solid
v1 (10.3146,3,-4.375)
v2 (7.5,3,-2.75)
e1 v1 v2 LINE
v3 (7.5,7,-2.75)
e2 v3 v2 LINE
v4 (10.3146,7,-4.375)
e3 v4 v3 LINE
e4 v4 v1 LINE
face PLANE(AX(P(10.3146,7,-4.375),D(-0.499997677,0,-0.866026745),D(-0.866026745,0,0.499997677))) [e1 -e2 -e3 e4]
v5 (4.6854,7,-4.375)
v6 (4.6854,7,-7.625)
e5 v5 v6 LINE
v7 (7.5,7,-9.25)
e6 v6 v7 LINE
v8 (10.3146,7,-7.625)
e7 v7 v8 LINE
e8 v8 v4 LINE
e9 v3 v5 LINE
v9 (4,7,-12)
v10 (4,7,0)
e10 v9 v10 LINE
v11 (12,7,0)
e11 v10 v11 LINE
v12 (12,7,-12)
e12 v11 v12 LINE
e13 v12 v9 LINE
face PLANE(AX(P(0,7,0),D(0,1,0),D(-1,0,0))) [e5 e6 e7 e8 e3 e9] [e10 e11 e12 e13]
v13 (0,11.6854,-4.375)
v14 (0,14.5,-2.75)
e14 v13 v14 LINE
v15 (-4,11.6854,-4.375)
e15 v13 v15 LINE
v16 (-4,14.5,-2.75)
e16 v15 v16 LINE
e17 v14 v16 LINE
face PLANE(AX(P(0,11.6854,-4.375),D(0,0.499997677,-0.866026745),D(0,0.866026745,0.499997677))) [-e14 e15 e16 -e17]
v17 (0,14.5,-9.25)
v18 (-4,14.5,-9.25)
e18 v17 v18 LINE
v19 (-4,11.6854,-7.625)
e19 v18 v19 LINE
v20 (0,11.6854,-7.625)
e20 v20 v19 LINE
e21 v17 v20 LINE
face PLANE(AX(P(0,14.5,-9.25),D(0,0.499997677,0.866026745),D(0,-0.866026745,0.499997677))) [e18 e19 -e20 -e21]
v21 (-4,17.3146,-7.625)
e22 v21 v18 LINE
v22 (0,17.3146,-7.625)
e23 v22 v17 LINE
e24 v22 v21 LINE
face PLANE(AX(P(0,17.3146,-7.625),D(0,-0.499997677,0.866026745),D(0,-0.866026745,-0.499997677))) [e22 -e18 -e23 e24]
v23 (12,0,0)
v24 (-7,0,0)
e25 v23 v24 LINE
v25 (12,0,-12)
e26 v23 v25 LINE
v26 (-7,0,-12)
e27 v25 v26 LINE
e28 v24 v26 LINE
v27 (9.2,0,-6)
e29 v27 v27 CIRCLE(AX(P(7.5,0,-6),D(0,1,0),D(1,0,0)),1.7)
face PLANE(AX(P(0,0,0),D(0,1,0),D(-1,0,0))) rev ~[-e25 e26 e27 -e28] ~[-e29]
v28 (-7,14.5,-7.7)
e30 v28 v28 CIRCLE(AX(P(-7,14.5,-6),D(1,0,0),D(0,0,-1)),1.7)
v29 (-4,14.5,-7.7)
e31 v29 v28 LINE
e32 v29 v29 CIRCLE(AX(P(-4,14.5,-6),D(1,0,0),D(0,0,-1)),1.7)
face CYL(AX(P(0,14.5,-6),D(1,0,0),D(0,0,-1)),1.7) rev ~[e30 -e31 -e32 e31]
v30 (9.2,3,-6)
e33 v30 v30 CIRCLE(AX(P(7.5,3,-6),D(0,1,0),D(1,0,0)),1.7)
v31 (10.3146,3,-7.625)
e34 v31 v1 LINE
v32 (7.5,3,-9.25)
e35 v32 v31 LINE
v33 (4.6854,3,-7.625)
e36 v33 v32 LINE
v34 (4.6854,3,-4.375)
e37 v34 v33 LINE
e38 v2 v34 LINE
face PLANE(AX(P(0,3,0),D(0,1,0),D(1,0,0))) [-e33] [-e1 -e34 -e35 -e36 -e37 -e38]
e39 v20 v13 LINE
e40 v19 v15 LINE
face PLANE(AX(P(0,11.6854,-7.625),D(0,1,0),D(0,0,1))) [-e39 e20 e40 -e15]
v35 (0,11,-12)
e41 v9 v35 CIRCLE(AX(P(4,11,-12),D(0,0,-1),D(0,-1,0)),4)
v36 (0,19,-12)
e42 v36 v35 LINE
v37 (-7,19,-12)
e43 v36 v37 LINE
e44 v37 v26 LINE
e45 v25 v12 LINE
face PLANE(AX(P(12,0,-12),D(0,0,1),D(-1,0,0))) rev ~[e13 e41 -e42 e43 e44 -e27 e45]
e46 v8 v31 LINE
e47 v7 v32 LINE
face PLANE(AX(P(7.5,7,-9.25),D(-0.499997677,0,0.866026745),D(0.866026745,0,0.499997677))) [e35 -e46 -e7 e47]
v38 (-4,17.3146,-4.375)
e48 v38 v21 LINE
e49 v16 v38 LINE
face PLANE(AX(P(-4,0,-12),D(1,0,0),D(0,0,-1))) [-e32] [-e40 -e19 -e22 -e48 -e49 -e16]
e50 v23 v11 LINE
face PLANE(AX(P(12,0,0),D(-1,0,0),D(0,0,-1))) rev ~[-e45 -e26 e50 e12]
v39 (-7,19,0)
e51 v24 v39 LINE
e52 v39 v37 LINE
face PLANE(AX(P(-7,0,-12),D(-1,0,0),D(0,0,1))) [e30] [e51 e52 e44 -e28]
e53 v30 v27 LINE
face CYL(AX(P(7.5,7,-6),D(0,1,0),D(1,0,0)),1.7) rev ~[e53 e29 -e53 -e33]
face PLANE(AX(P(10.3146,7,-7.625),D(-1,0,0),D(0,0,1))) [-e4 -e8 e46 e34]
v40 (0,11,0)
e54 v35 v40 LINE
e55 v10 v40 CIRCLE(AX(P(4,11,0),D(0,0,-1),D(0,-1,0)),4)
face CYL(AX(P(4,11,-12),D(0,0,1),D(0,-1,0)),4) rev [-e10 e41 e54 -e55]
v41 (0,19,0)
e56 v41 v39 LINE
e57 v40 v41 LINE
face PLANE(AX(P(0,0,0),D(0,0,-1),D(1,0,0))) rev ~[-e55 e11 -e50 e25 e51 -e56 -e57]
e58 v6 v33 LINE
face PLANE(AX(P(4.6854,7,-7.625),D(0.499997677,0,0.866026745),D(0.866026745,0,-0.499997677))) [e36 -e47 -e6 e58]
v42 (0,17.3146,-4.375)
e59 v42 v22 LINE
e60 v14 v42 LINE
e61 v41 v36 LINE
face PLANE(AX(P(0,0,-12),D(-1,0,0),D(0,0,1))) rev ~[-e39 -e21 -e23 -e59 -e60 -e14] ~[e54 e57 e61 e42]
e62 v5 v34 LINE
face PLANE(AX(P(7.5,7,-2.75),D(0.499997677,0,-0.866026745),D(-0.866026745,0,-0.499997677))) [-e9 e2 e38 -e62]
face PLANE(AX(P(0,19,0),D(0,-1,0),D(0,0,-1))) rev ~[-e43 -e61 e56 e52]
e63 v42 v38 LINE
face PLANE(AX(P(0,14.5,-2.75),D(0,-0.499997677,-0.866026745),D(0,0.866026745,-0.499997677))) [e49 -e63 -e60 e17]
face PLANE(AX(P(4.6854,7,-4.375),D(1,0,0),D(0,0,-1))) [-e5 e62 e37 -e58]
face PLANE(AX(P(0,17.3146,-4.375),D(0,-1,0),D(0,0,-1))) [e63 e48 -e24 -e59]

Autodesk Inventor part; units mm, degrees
ref_plane "YZ Plane" through (0, 0, 0) normal (1, 0, 0) x (0, 1, 0)
ref_plane "XZ Plane" through (0, 0, 0) normal (0, 1, 0) x (-1, 0, 0)
ref_plane "XY Plane" through (0, 0, 0) normal (0, 0, 1) x (1, 0, 0)
sketch "Sketch1" plane through (0, 0, 0) normal (0, 1, 0) x (-1, 0, 0)
  line L0 (0, 0) -> (-12, 0)
  line L1 (-12, 0) -> (-12, -12)
  line L2 (-12, -12) -> (0, -12)
  line L3 (0, -12) -> (0, 0)
  dimension "d0" = 12
  dimension "d1" = 12
extrude "Extrusion1" add sketch "Sketch1" along normal blind 7
sketch "Sketch2" plane through (0, 0, -12) normal (-1, 0, 0) x (0, 0, 1)
  line L0 (12, 0) -> (0, 0) projected
  line L1 (0, 0) -> (12, 0)
  line L2 (12, 0) -> (12, 19)
  line L3 (12, 19) -> (0, 19)
  line L4 (0, 19) -> (0, 0)
  dimension "d4" = 12
  dimension "d5" = 19
extrude "Extrusion2" add sketch "Sketch2" along normal blind 7
sketch "Sketch3" plane through (0, 0, -12) normal (1, 0, 0) x (0, 0, -1)
  circle A0 centre (-6, 14.5) radius 3.25 construction
  line L0 (-12, 19) -> (0, 19) construction
  line L1 (-12, 7) -> (-12, 19) construction
  line L2 (-2.75, 14.5) -> (-4.375, 11.6854)
  line L3 (-4.375, 11.6854) -> (-7.625, 11.6854)
  line L4 (-7.625, 11.6854) -> (-9.25, 14.5)
  line L5 (-9.25, 14.5) -> (-7.625, 17.3146)
  line L6 (-7.625, 17.3146) -> (-4.375, 17.3146)
  line L7 (-4.375, 17.3146) -> (-2.75, 14.5)
  point P0 (-12, 0)
  dimension "d8" = 6.5
  dimension "d9" = 4.5
  dimension "d10" = 6
extrude "Extrusion3" cut sketch "Sketch3" against normal blind 4
sketch "Sketch4" plane through (0, 7, 0) normal (0, 1, 0) x (1, 0, 0)
  circle A0 centre (7.5, 6) radius 3.25 construction
  line L0 (12, 0) -> (12, 12) construction
  line L1 (12, 12) -> (0, 12) construction
  line L2 (0, 0) -> (12, 0) construction
  line L3 (7.5, 9.25) -> (10.3146, 7.625)
  line L4 (10.3146, 7.625) -> (10.3146, 4.375)
  line L5 (10.3146, 4.375) -> (7.5, 2.75)
  line L6 (7.5, 2.75) -> (4.6854, 4.375)
  line L7 (4.6854, 4.375) -> (4.6854, 7.625)
  line L8 (4.6854, 7.625) -> (7.5, 9.25)
  dimension "d13" = 6.5
  dimension "d14" = 4.5
  dimension "d15" = 6
  dimension "d16" = 12
extrude "Extrusion4" cut sketch "Sketch4" against normal blind 4
fillet "Fillet1" radius 4 1 edges at (0, 7, -6)
sketch "Sketch7" plane through (0, 0, -12) normal (1, 0, 0) x (0, 0, -1)
  line L0 (-9.25, 14.5) -> (-7.625, 17.3146) construction
  line L1 (-4.375, 17.3146) -> (-2.75, 14.5) construction
  line L2 (-9.25, 14.5) -> (-2.75, 14.5) construction
  line L3 (-7.625, 17.3146) -> (-4.375, 17.3146) construction
  line L4 (-4.375, 11.6854) -> (-7.625, 11.6854) construction
  line L5 (-4.375, 17.3146) -> (-7.625, 11.6854) construction
  circle A0 centre (-6, 14.5) radius 1.7
  point P0 (-12, 0)
  dimension "d24" = 3.4
extrude "Extrusion7" cut sketch "Sketch7" against normal through all
sketch "Sketch8" plane through (0, 7, 0) normal (0, 1, 0) x (1, 0, 0)
  line L0 (7.5, 9.25) -> (10.3146, 7.625) construction
  line L1 (4.6854, 4.375) -> (4.6854, 7.625) construction
  line L2 (10.3146, 7.625) -> (4.6854, 4.375) construction
  line L3 (4.6854, 7.625) -> (7.5, 9.25) construction
  line L4 (10.3146, 7.625) -> (10.3146, 4.375) construction
  line L5 (4.6854, 7.625) -> (10.3146, 4.375) construction
  circle A0 centre (7.5, 6) radius 1.7
  point P0 (0, 0)
  dimension "d27" = 3.4
extrude "Extrusion8" cut sketch "Sketch8" against normal through all
equation "\"d15\" = 0.5 * d16"
properties part number "wheel box lid bracket"
